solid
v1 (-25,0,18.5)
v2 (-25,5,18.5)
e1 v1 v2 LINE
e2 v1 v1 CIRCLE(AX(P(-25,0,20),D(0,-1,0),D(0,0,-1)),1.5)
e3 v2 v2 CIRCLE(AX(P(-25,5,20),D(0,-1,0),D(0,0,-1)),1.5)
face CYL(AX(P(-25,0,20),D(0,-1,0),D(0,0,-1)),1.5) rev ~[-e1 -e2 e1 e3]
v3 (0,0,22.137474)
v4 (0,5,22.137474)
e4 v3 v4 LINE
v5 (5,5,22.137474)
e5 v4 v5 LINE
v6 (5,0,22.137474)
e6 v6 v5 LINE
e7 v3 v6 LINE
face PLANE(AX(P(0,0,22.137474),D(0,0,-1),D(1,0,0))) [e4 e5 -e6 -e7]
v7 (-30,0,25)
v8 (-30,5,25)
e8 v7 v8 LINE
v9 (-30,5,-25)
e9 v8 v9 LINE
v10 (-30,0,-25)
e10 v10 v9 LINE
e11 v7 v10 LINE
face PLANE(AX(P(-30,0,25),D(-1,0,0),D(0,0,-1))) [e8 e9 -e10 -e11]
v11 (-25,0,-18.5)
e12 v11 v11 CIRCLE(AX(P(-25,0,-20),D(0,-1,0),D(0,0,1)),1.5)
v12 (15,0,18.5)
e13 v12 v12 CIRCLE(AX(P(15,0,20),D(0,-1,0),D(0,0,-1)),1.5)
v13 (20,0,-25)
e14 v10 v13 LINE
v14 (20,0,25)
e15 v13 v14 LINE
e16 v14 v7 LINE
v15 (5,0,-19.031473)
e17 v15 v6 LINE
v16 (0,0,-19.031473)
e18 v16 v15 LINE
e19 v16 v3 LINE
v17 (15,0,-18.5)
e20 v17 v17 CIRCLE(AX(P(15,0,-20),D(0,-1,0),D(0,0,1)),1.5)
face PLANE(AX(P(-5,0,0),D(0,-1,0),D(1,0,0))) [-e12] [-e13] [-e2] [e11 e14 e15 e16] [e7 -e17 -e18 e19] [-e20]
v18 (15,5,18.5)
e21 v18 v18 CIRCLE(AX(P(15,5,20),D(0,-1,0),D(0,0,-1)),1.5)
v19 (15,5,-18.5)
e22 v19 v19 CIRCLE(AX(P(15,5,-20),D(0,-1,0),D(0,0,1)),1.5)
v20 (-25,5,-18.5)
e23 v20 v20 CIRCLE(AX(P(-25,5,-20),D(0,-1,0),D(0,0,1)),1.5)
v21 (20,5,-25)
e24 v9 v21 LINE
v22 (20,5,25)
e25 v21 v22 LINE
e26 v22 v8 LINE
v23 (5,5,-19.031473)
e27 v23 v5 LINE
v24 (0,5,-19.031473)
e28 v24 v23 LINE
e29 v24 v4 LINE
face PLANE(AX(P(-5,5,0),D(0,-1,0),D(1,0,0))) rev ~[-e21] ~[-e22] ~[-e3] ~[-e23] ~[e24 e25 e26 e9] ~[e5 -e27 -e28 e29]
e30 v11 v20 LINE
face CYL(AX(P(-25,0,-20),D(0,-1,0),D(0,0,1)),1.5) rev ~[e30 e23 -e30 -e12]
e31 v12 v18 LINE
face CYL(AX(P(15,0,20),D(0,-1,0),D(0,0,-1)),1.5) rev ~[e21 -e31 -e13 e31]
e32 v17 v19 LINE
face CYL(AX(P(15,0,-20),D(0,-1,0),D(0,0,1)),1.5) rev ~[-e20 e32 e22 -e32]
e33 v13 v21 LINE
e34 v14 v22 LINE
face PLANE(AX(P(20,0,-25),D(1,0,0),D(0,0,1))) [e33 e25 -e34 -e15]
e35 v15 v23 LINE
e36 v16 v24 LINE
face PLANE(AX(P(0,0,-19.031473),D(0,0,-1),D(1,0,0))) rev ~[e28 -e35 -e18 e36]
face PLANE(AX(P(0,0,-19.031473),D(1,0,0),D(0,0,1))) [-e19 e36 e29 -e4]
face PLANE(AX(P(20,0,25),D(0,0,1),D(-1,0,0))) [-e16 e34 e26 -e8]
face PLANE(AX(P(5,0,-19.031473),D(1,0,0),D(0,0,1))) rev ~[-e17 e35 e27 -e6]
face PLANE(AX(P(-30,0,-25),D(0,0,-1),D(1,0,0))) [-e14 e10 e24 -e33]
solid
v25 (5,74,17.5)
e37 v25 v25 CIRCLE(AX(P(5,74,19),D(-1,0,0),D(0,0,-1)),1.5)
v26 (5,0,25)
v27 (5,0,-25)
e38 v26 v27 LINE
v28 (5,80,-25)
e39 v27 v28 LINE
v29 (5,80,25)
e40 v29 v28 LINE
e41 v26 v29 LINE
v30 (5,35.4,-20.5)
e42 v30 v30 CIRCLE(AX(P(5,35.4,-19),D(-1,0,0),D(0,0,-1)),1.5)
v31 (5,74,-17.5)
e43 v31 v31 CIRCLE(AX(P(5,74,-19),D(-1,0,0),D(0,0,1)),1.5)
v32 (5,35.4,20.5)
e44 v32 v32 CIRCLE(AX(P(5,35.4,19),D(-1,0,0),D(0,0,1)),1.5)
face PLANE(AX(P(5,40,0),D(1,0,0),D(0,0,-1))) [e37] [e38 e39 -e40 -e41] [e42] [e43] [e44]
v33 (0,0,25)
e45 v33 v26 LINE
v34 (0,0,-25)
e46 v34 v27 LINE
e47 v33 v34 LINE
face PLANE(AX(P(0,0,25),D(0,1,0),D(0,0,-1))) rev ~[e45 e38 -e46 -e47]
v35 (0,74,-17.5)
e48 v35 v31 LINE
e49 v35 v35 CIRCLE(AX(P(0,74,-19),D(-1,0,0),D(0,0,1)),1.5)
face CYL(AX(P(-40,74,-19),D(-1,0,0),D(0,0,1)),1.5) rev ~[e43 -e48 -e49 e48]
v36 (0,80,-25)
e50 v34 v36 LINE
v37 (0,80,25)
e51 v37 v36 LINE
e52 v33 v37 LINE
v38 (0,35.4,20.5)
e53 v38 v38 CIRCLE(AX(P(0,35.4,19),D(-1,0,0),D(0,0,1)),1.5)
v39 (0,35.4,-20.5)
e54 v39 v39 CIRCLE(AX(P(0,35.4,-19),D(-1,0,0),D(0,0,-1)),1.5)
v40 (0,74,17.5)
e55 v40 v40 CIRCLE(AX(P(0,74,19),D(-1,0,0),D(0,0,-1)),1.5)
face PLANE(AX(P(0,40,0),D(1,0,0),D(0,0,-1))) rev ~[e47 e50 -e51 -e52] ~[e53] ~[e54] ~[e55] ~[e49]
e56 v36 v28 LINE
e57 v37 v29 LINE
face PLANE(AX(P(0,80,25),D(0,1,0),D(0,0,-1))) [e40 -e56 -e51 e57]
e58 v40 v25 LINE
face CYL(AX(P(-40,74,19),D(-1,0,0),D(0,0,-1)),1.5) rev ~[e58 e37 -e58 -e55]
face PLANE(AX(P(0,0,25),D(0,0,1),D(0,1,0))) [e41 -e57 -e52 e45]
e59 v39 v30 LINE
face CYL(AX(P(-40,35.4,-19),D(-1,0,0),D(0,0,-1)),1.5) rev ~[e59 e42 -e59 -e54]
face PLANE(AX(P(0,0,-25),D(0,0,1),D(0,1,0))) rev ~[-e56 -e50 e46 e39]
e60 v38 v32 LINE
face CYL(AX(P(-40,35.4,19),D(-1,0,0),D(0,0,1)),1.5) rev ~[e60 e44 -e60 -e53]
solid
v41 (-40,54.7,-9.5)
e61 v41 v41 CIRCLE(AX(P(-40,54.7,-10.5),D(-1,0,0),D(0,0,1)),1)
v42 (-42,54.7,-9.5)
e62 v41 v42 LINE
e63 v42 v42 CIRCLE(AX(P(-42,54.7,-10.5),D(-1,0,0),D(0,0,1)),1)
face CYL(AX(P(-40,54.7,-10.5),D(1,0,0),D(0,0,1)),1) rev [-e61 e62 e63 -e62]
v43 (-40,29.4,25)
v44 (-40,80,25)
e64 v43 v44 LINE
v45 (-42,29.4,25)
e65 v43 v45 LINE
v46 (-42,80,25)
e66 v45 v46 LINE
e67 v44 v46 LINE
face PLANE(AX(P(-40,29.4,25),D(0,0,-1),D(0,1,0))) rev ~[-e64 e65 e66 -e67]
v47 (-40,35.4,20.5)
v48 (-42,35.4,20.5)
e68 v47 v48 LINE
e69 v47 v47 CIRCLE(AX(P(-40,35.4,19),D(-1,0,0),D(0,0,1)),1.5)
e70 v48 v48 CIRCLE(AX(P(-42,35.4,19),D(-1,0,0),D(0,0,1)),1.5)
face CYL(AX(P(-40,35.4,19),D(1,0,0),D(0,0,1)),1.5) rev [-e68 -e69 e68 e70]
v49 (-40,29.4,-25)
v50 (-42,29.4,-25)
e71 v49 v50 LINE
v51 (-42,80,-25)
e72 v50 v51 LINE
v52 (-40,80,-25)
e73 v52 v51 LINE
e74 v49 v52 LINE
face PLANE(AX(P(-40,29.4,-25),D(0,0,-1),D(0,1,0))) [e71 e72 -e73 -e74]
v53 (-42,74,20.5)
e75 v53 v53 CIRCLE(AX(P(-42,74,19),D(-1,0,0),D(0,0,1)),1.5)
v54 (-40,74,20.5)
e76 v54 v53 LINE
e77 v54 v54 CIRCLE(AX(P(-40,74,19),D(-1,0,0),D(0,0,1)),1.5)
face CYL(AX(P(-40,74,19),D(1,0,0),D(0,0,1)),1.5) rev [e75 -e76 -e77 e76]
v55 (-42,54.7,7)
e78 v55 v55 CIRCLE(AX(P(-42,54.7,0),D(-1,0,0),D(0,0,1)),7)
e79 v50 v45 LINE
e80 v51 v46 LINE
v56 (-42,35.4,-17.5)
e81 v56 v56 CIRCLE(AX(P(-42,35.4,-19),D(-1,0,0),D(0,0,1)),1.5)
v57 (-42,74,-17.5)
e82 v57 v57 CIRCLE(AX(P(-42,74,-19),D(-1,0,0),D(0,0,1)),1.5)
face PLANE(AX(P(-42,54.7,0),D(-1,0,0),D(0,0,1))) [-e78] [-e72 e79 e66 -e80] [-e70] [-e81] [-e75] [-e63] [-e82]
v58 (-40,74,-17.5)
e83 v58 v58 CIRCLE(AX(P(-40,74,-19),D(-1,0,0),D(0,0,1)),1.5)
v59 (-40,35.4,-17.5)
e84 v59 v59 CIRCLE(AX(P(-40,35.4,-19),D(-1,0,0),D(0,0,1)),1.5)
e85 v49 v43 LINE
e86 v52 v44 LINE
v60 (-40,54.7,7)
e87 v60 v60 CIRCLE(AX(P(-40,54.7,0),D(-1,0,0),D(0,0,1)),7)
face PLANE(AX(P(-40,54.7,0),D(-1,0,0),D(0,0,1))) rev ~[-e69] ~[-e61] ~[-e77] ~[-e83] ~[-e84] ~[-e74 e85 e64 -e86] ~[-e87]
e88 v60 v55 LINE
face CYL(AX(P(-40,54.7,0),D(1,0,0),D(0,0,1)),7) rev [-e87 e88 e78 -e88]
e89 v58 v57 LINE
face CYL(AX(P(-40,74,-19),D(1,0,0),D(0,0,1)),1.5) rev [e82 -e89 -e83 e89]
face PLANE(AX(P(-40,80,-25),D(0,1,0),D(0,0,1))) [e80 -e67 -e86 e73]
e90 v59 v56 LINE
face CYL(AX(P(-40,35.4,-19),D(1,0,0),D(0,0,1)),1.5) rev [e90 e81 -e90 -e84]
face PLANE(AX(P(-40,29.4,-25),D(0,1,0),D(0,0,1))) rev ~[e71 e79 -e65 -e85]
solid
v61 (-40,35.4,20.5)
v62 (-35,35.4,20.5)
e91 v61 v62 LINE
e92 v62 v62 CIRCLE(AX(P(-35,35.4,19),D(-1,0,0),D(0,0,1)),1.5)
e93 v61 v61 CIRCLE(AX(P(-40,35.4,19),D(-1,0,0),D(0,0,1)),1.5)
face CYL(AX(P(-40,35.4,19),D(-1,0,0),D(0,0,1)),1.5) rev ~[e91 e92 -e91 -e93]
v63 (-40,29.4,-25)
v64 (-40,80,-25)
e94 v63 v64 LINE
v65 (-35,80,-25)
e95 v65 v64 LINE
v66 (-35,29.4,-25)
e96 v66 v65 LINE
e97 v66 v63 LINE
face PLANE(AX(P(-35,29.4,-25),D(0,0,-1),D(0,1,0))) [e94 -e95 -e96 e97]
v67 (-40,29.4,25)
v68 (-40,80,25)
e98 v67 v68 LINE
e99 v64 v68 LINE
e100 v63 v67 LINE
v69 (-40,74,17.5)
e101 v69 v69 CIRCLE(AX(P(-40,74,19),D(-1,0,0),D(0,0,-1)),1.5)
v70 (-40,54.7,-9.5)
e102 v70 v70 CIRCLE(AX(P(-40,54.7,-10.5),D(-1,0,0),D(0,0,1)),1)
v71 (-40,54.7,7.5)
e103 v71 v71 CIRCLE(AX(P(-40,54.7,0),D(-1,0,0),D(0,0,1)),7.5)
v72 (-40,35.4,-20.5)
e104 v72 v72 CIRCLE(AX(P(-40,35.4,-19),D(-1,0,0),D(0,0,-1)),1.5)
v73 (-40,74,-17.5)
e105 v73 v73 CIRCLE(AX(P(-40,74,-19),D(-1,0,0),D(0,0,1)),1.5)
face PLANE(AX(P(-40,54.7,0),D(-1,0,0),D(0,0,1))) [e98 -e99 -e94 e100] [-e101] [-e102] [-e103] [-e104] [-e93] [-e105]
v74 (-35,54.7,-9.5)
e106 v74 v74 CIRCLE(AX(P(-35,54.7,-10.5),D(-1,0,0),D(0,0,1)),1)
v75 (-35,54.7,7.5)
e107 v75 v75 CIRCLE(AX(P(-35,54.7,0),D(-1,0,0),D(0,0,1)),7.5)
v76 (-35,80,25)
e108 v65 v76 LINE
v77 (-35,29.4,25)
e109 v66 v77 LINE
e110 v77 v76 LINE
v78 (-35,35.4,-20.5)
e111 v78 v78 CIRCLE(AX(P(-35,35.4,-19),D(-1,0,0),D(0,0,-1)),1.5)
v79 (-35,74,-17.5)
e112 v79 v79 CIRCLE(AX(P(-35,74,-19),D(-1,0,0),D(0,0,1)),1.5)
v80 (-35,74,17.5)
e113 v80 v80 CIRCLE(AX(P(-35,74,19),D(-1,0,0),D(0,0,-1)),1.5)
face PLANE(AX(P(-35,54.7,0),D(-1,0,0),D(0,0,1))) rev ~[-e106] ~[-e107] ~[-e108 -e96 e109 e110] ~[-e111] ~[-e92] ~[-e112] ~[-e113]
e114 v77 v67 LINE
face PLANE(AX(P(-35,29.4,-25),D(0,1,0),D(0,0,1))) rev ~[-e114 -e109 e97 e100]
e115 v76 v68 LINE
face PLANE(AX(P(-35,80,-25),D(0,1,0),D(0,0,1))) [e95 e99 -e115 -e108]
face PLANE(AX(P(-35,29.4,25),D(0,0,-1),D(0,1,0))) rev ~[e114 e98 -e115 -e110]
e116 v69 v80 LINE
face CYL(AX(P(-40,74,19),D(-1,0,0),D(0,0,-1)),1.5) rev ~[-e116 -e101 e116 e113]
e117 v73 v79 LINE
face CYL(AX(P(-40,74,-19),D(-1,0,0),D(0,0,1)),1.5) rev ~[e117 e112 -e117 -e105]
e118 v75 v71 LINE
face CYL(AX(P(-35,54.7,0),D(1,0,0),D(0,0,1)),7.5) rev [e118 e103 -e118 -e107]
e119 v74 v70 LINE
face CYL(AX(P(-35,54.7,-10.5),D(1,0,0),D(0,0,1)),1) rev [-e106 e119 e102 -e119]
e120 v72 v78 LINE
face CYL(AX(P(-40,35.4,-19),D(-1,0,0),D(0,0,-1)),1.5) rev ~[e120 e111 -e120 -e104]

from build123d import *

# Parameters (mm, degrees)
SKETCH2_W           = 50
SKETCH2_H           = 80
BOSS_EXTRUDE1_DEPTH = 5
SKETCH3_R           = 1.5
SKETCH3_W           = 5
SKETCH3_H           = 41.168947864
BOSS_EXTRUDE2_DEPTH = 5
SKETCH6_W           = 50
SKETCH6_H           = 50.6
SKETCH6_R           = 7.5
SKETCH6_R_2         = 1
BOSS_EXTRUDE3_DEPTH = 5
SKETCH7_R           = 1.5
CUT_EXTRUDE1_DEPTH  = 104.07764064
SKETCH8_W           = 50
SKETCH8_H           = 50.6
SKETCH8_R           = 1.5
SKETCH8_R_2         = 7
SKETCH8_R_3         = 1
BOSS_EXTRUDE4_DEPTH = 2


with BuildPart() as part:
    # Sketch2 → Boss-Extrude1 (new body)
    with BuildSketch(Plane(origin=(0, 0, 0), x_dir=(0, 0, -1), z_dir=(1, 0, 0))):
        with Locations((0, 40)):
            Rectangle(SKETCH2_W, SKETCH2_H)
    extrude(amount=BOSS_EXTRUDE1_DEPTH)


with BuildPart() as body_2:
    # Sketch3 → Boss-Extrude2 (new body)
    with BuildSketch(Plane.XZ):
        Polygon((0, 25), (-30, 25), (-30, -25), (0, -25), (20, -25), (20, 25), align=None)
        with Locations(Location((-25, 20, 0), (0, 0, 270))):
            Circle(SKETCH3_R, mode=Mode.SUBTRACT)
        with Locations(Location((15, 20, 0), (0, 0, 270))):
            Circle(SKETCH3_R, mode=Mode.SUBTRACT)
        with Locations(Location((15, -20, 0), (0, 0, 90))):
            Circle(SKETCH3_R, mode=Mode.SUBTRACT)
        with Locations(Location((-25, -20, 0), (0, 0, 90))):
            Circle(SKETCH3_R, mode=Mode.SUBTRACT)
        with Locations((2.5, 1.553000457)):
            Rectangle(SKETCH3_W, SKETCH3_H, mode=Mode.SUBTRACT)
    extrude(amount=-BOSS_EXTRUDE2_DEPTH)


with BuildPart() as body_3:
    # Sketch6 → Boss-Extrude3 (new body)
    with BuildSketch(Plane.ZY.offset(35)):
        with Locations((0, 54.7)):
            Rectangle(SKETCH6_W, SKETCH6_H)
        with Locations((0, 54.7)):
            Circle(SKETCH6_R, mode=Mode.SUBTRACT)
        with Locations((-10.5, 54.7)):
            Circle(SKETCH6_R_2, mode=Mode.SUBTRACT)
    extrude(amount=BOSS_EXTRUDE3_DEPTH)


with BuildPart() as cut_extrude1_tool:
    # Sketch7 → Cut-Extrude1 (new, through all)
    with BuildSketch(Plane.ZY.offset(40)):
        with Locations((-19, 74)):
            Circle(SKETCH7_R)
        with Locations(Location((19, 74, 0), (0, 0, 180))):
            Circle(SKETCH7_R)
        with Locations((19, 35.4)):
            Circle(SKETCH7_R)
        with Locations(Location((-19, 35.4, 0), (0, 0, 180))):
            Circle(SKETCH7_R)
    extrude(amount=-CUT_EXTRUDE1_DEPTH)


with BuildPart() as part_1:
    add(part.part)

    # Cut-Extrude1: cut by cut_extrude1_tool
    add(cut_extrude1_tool.part, mode=Mode.SUBTRACT)


with BuildPart() as body_3_1:
    add(body_3.part)

    # Cut-Extrude1: cut by cut_extrude1_tool
    add(cut_extrude1_tool.part, mode=Mode.SUBTRACT)


with BuildPart() as body_4:
    # Sketch8 → Boss-Extrude4 (new body)
    with BuildSketch(Plane.ZY.offset(40)):
        with Locations((0, 54.7)):
            Rectangle(SKETCH8_W, SKETCH8_H)
        with Locations((-19, 74)):
            Circle(SKETCH8_R, mode=Mode.SUBTRACT)
        with Locations((19, 74)):
            Circle(SKETCH8_R, mode=Mode.SUBTRACT)
        with Locations((19, 35.4)):
            Circle(SKETCH8_R, mode=Mode.SUBTRACT)
        with Locations((-19, 35.4)):
            Circle(SKETCH8_R, mode=Mode.SUBTRACT)
        with Locations((0, 54.7)):
            Circle(SKETCH8_R_2, mode=Mode.SUBTRACT)
        with Locations((-10.5, 54.7)):
            Circle(SKETCH8_R_3, mode=Mode.SUBTRACT)
    extrude(amount=BOSS_EXTRUDE4_DEPTH)


solid = Compound([body_2.part, part_1.part, body_3_1.part, body_4.part])
